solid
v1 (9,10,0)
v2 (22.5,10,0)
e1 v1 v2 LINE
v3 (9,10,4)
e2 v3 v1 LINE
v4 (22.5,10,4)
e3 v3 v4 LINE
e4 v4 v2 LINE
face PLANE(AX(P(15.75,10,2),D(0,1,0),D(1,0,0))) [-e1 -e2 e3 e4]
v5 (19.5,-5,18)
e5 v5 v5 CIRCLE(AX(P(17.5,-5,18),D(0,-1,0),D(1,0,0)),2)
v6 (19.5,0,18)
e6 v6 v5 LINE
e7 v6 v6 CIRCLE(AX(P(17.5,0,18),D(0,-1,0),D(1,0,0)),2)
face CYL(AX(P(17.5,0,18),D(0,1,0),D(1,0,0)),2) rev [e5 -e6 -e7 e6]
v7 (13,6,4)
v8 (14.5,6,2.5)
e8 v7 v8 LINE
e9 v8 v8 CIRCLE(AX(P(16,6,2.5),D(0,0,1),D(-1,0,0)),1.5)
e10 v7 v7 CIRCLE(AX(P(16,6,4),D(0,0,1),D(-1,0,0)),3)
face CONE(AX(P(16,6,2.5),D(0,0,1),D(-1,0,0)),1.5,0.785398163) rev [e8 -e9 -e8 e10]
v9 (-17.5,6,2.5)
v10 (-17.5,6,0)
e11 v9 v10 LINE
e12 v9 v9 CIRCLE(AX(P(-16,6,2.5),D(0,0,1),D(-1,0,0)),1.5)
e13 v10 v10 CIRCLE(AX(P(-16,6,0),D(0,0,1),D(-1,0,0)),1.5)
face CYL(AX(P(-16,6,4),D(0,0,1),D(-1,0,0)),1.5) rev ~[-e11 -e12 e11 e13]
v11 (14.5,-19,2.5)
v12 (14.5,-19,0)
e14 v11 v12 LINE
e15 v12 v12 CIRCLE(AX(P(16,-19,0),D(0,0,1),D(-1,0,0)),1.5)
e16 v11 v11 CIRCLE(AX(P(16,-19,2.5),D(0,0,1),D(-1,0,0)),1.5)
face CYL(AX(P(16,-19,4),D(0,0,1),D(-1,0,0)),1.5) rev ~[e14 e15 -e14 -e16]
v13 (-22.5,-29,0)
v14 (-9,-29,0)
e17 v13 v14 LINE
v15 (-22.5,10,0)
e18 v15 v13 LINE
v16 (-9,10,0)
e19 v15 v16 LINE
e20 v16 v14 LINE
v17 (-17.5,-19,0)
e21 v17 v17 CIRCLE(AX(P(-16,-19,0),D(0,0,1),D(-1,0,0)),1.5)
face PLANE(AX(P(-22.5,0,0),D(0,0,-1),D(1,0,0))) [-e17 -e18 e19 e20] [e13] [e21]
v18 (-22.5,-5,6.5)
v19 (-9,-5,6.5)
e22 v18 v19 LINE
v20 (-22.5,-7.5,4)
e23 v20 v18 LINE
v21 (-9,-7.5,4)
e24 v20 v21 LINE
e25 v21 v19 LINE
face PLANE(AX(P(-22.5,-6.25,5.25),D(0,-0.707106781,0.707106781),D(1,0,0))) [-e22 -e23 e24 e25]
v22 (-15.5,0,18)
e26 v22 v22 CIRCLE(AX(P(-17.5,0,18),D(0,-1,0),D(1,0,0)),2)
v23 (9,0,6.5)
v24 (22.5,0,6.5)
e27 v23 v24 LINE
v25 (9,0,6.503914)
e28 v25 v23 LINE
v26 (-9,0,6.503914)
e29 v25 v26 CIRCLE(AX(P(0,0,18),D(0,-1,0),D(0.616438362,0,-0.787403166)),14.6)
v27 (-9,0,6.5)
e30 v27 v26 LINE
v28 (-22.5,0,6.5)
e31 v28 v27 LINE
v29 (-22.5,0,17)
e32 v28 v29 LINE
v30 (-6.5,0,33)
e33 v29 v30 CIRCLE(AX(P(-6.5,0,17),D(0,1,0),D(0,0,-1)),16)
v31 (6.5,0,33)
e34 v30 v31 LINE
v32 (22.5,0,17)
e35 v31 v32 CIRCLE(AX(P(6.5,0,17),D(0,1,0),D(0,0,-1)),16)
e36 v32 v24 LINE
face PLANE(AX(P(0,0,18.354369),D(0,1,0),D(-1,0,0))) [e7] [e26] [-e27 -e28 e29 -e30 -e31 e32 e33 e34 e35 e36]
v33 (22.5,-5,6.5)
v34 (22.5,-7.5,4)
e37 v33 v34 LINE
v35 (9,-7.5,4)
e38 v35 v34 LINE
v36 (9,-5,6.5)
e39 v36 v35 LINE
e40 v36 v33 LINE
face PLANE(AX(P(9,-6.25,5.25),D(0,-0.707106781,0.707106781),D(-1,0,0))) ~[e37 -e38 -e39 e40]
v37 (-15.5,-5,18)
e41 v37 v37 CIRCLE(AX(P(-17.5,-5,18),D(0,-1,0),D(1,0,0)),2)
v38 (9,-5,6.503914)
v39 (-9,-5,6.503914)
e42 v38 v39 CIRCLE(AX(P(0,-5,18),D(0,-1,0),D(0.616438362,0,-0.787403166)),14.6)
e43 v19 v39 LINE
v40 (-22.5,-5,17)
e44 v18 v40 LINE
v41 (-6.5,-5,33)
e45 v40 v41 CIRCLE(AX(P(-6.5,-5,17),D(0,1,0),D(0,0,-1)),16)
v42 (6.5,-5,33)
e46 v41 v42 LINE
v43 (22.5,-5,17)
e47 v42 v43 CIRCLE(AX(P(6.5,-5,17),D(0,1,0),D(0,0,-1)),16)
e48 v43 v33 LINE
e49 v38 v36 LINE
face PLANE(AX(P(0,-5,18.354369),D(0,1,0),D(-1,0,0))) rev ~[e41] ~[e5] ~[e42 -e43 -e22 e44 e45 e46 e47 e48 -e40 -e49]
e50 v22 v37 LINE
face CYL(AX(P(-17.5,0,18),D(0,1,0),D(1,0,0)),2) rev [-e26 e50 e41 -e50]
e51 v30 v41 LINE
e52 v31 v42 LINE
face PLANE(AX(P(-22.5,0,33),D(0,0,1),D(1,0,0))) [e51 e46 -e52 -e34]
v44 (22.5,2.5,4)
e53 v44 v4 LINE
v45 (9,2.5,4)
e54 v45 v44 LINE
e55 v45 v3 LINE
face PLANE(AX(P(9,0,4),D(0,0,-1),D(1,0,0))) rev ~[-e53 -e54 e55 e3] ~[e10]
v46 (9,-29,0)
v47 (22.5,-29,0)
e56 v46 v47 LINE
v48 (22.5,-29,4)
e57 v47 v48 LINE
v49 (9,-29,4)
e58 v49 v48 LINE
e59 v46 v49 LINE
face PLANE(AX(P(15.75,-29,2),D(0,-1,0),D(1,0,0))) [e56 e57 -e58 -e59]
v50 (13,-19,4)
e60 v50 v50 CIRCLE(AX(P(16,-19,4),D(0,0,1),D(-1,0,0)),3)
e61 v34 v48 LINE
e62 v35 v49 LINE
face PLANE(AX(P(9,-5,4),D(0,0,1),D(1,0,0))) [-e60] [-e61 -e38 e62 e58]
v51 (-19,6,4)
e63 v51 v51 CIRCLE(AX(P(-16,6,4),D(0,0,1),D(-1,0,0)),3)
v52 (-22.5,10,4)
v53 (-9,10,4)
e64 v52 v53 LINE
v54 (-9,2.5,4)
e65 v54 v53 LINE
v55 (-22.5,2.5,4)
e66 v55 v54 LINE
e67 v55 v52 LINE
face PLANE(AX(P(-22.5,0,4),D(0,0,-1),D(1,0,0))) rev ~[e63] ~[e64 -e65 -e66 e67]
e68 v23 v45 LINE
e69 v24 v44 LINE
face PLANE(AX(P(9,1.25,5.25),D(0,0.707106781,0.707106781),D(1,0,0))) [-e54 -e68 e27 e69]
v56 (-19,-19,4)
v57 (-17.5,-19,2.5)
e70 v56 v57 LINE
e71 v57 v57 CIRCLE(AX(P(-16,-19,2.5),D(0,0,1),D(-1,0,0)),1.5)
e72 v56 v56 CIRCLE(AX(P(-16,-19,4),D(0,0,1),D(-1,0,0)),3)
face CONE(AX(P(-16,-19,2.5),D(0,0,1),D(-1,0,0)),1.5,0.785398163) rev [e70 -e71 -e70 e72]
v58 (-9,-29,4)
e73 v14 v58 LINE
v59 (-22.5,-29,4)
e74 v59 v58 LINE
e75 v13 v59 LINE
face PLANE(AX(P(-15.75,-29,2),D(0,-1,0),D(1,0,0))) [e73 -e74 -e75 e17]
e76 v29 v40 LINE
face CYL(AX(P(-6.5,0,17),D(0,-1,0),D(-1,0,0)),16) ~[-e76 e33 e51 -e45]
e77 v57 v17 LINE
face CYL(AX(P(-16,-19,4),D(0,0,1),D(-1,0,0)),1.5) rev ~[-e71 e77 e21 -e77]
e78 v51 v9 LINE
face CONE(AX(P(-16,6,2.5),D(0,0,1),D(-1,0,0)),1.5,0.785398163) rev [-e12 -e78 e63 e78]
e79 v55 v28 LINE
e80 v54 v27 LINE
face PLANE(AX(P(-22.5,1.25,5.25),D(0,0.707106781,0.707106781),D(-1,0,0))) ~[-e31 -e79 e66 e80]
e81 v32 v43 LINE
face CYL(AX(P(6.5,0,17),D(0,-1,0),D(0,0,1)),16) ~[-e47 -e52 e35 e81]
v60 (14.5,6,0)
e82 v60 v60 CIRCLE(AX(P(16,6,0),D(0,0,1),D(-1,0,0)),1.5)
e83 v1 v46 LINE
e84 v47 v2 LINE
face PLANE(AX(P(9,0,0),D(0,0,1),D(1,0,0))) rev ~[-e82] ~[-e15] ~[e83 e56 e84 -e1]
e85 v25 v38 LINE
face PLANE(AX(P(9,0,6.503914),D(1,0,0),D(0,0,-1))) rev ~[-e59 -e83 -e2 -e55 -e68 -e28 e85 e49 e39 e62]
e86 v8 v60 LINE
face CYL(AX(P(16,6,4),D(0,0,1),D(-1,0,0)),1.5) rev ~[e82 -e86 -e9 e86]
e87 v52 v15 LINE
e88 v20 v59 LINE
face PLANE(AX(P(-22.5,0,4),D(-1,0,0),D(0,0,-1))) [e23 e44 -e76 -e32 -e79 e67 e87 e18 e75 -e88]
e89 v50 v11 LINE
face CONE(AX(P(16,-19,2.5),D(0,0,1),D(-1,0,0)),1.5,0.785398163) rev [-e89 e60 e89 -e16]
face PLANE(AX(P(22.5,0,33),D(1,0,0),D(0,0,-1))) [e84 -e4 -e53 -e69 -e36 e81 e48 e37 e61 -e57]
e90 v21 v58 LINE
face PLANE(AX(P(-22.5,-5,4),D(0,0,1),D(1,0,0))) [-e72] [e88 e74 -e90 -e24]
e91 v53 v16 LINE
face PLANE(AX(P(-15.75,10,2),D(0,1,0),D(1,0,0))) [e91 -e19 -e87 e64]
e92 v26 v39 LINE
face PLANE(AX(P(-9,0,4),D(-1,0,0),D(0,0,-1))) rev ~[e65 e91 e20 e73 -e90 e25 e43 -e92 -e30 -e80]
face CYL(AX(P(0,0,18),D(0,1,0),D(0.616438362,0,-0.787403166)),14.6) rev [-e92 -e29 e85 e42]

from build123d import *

# Parameters (mm, degrees)
SKETCH001_R     = 2
PAD_DEPTH       = 5
SKETCH_W        = 13.5
SKETCH_H        = 4
PAD001_DEPTH    = 24
SKETCH002_W     = 13.5
SKETCH002_H     = 4
PAD002_DEPTH    = 10
SKETCH003_R     = 1.5
POCKET_DEPTH    = 5
CHAMFER_SIZE    = 1.5
CHAMFER001_SIZE = 2.5
FILLET_R        = 16


with BuildPart() as part:
    # Sketch001 → Pad (new body)
    with BuildSketch(Plane.XZ):
        with BuildLine():
            Line((-22.5, 33), (22.5, 33))
            Line((22.5, 33), (22.5, 0))
            Line((9, 0), (22.5, 0))
            Line((9, 6.503914), (9, 0))
            ThreePointArc((9, 6.503914), (0, 32.6), (-9, 6.503914))
            Line((-9, 0), (-9, 6.503914))
            Line((-22.5, 0), (-9, 0))
            Line((-22.5, 0), (-22.5, 33))
        make_face()
        with Locations((-17.5, 18)):
            Circle(SKETCH001_R, mode=Mode.SUBTRACT)
        with Locations((17.5, 18)):
            Circle(SKETCH001_R, mode=Mode.SUBTRACT)
    extrude(amount=PAD_DEPTH)

    # Sketch (on Face12 of Pad) → Pad001 (join)
    with BuildSketch(Plane.XZ.offset(5)):
        with Locations((-15.75, 2)):
            Rectangle(SKETCH_W, SKETCH_H)
        with Locations((15.75, 2)):
            Rectangle(SKETCH_W, SKETCH_H)
    extrude(amount=PAD001_DEPTH)

    # Sketch002 (on Face1 of Pad001) → Pad002 (join)
    with BuildSketch(Plane(origin=(0, 0, 0), x_dir=(1, 0, 0), z_dir=(0, 1, 0))):
        with Locations((-15.75, -2)):
            Rectangle(SKETCH002_W, SKETCH002_H)
        with Locations((15.75, -2)):
            Rectangle(SKETCH002_W, SKETCH002_H)
    extrude(amount=PAD002_DEPTH)

    # Sketch003 (on Face6 of Pad002) → Pocket (cut)
    with BuildSketch(Plane(origin=(0, 0, 4), x_dir=(-1, 0, 0), z_dir=(0, 0, 1))):
        with Locations((-16, 19)):
            Circle(SKETCH003_R)
        with Locations((16, 19)):
            Circle(SKETCH003_R)
        with Locations((-16, -6)):
            Circle(SKETCH003_R)
        with Locations((16, -6)):
            Circle(SKETCH003_R)
    extrude(amount=-POCKET_DEPTH, mode=Mode.SUBTRACT)

    # Chamfer
    chamfer_edges = [part.edges().sort_by_distance(p)[0] for p in [
        (-14.5, -19, 4),
        (17.5, -19, 4),
        (-14.5, 6, 4),
        (17.5, 6, 4),
    ]]
    chamfer(chamfer_edges, length=CHAMFER_SIZE)

    # Chamfer001
    chamfer001_edges = [part.edges().sort_by_distance(p)[0] for p in [
        (-15.75, -5, 4),
        (15.75, -5, 4),
        (15.75, 0, 4),
        (-15.75, 0, 4),
    ]]
    chamfer(chamfer001_edges, length=CHAMFER001_SIZE)

    # Fillet
    fillet_edges = [part.edges().sort_by_distance(p)[0] for p in [
        (-22.5, -2.5, 33),
        (22.5, -2.5, 33),
    ]]
    fillet(fillet_edges, radius=FILLET_R)


solid = part.part
